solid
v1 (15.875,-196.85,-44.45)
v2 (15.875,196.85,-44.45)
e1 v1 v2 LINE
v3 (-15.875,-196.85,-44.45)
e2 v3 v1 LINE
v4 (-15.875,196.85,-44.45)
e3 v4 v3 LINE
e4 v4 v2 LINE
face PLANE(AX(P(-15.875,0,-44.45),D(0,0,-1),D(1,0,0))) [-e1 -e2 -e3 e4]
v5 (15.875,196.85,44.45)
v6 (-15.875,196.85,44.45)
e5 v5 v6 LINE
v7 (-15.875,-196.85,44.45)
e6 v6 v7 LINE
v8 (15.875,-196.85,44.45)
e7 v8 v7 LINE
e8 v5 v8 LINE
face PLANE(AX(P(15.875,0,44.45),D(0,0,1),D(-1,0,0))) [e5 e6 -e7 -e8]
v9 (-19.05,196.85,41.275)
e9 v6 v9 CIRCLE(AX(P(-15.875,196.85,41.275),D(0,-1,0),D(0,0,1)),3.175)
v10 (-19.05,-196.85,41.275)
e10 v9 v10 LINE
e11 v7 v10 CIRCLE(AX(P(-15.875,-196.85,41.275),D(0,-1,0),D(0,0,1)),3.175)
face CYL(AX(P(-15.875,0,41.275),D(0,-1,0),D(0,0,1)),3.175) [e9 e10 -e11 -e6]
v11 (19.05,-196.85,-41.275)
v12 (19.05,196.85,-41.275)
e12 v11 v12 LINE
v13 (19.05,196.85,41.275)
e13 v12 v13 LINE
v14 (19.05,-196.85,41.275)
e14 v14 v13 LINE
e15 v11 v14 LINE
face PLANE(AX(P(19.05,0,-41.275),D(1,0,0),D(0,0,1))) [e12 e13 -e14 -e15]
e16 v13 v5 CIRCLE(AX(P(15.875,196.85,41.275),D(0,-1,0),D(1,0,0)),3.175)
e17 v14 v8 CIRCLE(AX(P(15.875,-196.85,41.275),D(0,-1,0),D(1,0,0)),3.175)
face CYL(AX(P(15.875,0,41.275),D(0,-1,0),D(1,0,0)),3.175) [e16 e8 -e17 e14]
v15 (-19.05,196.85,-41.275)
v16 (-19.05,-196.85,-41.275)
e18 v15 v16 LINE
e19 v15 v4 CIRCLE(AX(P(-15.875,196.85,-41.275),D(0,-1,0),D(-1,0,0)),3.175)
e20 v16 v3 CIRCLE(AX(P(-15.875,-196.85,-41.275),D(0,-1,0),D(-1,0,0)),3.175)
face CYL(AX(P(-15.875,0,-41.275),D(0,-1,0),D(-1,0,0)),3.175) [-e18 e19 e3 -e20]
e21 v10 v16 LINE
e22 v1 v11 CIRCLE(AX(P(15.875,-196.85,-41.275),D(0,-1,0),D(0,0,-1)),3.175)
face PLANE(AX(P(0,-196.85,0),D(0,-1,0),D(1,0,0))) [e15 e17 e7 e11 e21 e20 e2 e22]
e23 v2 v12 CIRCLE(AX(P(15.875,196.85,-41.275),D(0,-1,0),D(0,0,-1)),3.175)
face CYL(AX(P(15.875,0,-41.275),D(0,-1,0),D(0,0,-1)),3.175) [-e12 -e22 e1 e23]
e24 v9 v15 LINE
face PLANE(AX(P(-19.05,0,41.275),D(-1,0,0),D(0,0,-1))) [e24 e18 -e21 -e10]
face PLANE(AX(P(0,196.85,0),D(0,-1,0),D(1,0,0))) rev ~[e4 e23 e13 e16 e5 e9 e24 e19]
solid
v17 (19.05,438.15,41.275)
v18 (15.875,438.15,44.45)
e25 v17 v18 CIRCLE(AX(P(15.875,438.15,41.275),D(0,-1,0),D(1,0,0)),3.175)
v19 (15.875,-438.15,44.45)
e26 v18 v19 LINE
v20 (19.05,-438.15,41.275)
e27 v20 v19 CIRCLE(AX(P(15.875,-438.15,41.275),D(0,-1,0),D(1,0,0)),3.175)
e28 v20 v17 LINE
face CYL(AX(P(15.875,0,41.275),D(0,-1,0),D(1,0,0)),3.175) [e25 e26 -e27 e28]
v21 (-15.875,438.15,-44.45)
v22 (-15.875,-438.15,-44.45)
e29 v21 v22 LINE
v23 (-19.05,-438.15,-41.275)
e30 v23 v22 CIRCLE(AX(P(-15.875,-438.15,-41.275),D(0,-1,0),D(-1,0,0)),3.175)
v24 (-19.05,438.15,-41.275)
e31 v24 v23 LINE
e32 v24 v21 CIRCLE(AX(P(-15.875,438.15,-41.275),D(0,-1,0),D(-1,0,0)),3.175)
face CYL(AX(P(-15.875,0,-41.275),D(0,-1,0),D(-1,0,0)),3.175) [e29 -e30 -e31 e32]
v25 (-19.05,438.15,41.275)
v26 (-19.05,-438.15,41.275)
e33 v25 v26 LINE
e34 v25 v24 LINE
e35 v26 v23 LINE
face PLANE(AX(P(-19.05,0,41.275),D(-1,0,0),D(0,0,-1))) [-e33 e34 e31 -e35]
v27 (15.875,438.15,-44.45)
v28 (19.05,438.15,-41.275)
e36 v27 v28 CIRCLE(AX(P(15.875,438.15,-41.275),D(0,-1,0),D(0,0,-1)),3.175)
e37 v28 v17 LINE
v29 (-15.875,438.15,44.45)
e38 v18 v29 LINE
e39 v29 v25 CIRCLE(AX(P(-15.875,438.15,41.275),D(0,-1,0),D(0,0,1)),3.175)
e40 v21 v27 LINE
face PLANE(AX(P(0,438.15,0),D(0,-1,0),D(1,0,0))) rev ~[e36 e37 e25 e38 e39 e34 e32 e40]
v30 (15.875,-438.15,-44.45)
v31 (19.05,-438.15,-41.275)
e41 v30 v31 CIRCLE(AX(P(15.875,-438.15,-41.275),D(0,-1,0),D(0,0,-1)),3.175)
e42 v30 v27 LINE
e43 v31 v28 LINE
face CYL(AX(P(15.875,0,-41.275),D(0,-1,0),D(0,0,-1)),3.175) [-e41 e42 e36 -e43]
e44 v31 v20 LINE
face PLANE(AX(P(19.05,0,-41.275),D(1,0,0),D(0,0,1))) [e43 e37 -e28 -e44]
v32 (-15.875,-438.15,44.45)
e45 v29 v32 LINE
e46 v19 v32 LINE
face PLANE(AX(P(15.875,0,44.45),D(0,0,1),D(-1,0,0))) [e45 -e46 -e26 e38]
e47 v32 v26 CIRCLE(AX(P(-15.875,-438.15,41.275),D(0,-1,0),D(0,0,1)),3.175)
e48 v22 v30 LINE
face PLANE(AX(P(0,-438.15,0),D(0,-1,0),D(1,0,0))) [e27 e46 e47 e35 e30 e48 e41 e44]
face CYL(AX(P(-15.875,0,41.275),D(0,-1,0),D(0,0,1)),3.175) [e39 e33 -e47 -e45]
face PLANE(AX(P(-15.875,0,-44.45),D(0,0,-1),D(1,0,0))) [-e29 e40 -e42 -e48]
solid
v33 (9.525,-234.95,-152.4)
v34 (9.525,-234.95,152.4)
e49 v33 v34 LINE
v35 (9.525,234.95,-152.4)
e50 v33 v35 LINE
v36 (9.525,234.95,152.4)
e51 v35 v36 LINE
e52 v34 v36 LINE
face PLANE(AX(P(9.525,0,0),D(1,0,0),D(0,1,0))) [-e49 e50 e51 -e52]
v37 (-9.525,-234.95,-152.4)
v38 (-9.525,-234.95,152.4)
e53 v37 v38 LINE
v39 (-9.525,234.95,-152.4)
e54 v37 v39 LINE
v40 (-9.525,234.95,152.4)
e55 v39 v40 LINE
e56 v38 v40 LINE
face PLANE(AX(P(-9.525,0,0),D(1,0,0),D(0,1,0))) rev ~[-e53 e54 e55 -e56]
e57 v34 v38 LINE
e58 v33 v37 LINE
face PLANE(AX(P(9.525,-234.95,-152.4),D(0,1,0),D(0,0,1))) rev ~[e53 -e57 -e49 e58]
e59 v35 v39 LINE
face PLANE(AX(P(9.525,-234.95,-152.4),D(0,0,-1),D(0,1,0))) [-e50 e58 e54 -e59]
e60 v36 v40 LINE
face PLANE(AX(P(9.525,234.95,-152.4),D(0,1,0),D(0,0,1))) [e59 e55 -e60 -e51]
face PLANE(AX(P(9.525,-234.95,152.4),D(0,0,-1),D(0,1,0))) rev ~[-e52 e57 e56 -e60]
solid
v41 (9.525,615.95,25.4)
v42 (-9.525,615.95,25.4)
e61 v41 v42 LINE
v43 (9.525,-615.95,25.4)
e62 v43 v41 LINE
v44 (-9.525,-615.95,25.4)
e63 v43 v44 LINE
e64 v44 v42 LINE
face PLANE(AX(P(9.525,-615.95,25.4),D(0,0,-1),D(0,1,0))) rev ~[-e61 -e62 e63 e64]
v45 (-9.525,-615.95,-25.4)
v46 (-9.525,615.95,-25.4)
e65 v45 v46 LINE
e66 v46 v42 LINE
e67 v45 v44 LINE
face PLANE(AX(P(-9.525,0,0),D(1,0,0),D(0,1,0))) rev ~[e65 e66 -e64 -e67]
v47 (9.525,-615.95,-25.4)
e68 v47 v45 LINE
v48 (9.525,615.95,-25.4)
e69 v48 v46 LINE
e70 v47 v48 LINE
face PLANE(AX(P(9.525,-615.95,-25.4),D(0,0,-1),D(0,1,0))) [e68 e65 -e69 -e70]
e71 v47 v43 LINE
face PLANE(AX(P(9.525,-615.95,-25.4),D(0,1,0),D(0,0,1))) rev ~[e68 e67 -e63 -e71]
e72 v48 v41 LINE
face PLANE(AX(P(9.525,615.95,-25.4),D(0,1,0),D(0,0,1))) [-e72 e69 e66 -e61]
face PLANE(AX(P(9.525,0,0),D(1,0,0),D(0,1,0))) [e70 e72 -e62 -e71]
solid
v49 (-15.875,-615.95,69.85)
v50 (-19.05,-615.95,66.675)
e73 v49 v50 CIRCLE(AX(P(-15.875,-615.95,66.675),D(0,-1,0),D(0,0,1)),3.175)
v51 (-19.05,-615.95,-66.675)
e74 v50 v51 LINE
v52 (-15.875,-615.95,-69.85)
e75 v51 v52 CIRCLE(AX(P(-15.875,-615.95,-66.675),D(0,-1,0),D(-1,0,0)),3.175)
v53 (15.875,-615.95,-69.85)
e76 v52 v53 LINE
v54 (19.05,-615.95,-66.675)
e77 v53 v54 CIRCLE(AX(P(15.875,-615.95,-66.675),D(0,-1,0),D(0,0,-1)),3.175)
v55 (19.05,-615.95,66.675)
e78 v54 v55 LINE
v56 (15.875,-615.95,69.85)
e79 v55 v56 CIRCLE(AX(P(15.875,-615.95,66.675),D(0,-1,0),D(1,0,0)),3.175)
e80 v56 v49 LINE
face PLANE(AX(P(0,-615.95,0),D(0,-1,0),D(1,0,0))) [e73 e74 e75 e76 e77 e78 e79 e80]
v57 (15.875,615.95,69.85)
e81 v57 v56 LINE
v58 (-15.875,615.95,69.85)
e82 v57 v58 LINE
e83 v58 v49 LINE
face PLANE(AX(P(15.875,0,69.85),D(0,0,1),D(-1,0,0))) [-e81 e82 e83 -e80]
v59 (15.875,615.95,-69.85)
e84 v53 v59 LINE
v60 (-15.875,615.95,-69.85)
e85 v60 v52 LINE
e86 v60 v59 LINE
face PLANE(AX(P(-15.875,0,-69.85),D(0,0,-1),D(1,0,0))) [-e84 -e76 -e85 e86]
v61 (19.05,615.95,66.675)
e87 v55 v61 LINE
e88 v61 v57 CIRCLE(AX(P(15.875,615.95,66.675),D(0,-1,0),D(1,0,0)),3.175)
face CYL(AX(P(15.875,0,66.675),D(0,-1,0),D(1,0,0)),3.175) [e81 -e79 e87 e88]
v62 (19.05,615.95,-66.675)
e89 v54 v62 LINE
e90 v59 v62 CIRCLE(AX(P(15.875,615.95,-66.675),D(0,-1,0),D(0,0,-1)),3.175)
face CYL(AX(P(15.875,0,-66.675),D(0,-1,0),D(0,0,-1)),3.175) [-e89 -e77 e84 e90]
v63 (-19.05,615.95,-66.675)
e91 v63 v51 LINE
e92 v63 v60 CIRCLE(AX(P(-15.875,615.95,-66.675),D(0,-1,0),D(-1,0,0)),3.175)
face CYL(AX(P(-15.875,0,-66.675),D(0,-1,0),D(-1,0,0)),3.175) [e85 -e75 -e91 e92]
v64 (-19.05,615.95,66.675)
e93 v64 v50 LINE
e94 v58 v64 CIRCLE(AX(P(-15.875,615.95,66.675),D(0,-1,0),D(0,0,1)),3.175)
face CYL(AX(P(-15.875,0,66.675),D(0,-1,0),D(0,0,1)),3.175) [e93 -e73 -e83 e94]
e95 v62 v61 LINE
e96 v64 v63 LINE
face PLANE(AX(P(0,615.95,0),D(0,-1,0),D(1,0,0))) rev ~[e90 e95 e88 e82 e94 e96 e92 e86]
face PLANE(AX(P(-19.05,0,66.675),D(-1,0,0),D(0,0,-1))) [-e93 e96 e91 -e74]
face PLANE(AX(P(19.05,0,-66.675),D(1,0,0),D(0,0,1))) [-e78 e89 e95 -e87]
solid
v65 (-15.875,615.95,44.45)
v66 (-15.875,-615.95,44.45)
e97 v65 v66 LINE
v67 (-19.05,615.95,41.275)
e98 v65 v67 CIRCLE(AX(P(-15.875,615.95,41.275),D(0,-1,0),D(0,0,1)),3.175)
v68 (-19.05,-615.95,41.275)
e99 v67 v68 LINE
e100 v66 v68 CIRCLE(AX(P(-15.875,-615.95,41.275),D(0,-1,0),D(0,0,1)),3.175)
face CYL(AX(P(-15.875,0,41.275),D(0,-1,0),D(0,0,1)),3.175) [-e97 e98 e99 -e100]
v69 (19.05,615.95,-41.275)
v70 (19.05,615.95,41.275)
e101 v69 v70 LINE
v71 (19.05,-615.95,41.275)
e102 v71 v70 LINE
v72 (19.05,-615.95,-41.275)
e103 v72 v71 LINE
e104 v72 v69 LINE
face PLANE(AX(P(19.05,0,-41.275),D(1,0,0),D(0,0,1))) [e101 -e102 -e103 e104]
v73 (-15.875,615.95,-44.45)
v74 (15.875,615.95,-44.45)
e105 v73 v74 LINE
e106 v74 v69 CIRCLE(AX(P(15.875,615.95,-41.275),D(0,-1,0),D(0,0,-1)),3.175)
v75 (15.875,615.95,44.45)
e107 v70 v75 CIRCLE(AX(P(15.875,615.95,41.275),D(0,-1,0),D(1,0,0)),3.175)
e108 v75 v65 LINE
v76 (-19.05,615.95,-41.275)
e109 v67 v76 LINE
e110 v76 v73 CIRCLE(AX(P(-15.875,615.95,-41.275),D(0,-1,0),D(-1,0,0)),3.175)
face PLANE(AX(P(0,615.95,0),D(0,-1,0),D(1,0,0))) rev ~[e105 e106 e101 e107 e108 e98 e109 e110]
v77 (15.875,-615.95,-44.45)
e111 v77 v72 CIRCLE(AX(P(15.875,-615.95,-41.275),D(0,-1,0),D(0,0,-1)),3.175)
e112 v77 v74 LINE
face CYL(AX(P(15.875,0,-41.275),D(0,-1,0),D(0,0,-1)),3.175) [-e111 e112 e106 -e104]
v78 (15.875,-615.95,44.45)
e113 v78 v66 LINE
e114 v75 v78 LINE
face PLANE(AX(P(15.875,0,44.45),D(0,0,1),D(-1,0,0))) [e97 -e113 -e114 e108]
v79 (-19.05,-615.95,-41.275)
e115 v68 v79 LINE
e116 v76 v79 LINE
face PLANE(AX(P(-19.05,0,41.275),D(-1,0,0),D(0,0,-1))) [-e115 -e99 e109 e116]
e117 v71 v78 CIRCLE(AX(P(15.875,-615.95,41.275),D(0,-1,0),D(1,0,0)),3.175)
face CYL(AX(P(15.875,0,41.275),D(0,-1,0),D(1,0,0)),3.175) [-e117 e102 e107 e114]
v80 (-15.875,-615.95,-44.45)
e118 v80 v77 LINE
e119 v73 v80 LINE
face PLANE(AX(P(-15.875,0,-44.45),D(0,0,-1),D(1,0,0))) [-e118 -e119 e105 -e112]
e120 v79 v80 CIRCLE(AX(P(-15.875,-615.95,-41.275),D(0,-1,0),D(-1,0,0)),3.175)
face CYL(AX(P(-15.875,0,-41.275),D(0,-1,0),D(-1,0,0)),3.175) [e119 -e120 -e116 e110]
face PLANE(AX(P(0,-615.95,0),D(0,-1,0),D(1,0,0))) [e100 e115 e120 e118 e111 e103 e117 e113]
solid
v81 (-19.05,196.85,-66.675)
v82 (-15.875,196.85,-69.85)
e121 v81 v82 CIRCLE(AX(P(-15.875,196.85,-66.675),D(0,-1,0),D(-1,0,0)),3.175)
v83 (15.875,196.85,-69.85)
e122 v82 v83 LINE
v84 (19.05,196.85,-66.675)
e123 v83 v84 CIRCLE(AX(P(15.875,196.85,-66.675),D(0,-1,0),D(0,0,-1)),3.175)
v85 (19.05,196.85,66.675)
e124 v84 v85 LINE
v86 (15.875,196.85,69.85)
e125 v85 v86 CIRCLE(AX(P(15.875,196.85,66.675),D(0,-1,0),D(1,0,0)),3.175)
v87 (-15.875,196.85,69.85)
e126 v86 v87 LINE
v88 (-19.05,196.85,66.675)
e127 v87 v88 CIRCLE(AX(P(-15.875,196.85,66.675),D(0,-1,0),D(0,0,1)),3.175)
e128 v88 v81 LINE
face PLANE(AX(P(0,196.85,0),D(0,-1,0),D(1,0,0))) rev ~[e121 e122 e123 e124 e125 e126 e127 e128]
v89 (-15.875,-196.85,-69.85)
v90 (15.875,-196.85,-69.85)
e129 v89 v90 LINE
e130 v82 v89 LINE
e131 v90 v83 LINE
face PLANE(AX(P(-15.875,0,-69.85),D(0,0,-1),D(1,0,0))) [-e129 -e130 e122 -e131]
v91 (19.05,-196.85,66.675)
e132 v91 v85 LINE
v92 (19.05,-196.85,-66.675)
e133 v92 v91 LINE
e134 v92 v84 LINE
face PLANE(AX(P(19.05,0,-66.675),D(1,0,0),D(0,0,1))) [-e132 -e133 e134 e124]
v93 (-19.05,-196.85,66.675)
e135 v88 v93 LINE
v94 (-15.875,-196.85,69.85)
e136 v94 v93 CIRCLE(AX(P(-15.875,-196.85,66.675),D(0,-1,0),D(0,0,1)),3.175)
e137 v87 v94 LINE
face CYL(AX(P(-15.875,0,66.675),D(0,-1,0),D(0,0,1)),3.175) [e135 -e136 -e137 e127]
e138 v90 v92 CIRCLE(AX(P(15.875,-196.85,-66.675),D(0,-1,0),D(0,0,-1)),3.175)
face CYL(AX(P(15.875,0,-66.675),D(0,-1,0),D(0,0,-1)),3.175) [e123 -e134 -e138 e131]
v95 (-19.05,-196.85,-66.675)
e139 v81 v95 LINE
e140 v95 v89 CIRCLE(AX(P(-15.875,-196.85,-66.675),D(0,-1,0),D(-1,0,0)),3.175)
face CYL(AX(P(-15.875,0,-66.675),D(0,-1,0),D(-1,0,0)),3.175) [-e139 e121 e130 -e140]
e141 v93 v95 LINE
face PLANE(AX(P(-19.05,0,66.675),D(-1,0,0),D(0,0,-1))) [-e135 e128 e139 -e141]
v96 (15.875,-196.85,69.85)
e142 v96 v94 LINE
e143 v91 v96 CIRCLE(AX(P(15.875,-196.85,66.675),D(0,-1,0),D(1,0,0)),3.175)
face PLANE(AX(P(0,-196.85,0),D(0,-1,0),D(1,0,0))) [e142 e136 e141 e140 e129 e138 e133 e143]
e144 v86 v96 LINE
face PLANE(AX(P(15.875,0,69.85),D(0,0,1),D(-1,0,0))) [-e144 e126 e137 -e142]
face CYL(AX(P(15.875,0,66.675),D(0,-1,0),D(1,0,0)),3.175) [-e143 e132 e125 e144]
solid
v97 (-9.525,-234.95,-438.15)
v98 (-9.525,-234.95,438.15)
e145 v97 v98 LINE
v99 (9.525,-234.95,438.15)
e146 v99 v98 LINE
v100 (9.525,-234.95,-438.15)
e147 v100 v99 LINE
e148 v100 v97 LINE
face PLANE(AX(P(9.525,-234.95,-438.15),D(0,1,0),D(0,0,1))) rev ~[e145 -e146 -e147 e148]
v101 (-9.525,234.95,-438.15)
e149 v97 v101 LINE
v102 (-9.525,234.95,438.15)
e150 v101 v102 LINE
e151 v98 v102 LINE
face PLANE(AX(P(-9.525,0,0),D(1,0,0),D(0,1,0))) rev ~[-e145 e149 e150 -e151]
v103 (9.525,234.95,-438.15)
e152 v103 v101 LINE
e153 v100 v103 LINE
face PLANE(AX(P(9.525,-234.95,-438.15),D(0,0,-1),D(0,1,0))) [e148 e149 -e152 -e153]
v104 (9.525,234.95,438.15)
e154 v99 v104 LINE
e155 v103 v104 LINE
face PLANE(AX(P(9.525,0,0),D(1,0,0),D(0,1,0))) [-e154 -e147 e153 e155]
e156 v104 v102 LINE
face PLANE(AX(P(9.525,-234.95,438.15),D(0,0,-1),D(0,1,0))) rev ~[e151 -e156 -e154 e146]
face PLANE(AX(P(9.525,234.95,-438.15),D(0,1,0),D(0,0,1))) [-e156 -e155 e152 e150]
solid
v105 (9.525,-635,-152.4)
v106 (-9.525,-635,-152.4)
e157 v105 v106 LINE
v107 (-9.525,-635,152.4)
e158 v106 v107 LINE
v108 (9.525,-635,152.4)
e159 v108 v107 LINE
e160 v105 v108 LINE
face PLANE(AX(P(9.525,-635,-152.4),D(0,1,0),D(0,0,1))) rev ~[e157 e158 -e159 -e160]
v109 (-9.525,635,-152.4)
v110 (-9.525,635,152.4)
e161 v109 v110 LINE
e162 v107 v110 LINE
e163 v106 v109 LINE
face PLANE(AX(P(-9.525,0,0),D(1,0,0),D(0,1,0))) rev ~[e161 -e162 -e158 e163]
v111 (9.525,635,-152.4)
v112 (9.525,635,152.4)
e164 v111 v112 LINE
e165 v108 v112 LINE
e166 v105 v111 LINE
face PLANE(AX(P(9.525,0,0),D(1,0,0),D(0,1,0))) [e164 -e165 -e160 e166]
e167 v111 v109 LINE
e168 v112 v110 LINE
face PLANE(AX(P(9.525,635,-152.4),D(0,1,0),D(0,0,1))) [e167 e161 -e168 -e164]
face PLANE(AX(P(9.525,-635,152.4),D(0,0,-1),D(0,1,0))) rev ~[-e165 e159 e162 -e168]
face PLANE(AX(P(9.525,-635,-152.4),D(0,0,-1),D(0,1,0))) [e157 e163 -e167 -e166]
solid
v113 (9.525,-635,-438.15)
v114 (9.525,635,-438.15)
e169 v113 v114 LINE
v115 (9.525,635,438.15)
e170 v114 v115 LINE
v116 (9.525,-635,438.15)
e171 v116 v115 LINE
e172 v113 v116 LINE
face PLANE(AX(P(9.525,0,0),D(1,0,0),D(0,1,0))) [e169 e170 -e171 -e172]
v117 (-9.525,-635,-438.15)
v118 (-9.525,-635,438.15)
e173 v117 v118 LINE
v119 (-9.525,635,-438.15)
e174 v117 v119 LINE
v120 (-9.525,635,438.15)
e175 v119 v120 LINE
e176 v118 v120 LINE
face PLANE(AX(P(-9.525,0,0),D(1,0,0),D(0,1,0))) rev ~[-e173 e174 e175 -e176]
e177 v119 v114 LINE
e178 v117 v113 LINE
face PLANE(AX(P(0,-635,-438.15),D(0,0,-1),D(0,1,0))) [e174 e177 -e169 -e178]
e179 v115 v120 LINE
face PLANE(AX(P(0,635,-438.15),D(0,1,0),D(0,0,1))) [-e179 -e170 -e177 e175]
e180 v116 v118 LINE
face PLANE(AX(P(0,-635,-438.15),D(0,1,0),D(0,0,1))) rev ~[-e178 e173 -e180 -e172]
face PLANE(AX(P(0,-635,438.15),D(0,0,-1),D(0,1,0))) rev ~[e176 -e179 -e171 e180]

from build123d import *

# Parameters (mm, degrees)
F1_DEPTH      = 196.85
F2_DEPTH      = 615.95
F4_DEPTH      = 196.85
F4_DEPTH_BACK = 196.85
F5_DEPTH      = 615.95
F5_DEPTH_BACK = 615.95
F7_DEPTH      = 438.15
F8_W          = 1270
F8_H          = 876.3
F9_DEPTH      = 9.525
F10_W         = 469.9
F10_H         = 876.3
F11_DEPTH     = 19.05
F12_W         = 1270
F12_H         = 304.8
F13_DEPTH     = 19.05
F14_W         = 469.9
F14_H         = 304.8
F15_DEPTH     = 19.05
F16_W         = 1231.9
F16_H         = 50.8
F17_DEPTH     = 19.05


with BuildPart() as f1:
    # F0 (on Front) → F1 (new body, symmetric)
    with BuildSketch(Plane.XZ):
        with BuildLine():
            ThreePointArc((19.05, 66.675), (18.1200640303, 68.9200640303), (15.875, 69.85))
            Line((15.875, 69.85), (-15.875, 69.85))
            ThreePointArc((-15.875, 69.85), (-18.1200640303, 68.9200640303), (-19.05, 66.675))
            Line((-19.05, 66.675), (-19.05, -66.675))
            ThreePointArc((-19.05, -66.675), (-18.1200640303, -68.9200640303), (-15.875, -69.85))
            Line((-15.875, -69.85), (15.875, -69.85))
            ThreePointArc((15.875, -69.85), (18.1200640303, -68.9200640303), (19.05, -66.675))
            Line((19.05, -66.675), (19.05, 66.675))
        make_face()
    extrude(amount=F1_DEPTH, both=True)


with BuildPart() as f2:
    # F0 (on Front) → F2 (new body, symmetric)
    with BuildSketch(Plane.XZ):
        with BuildLine():
            ThreePointArc((19.05, 66.675), (18.1200640303, 68.9200640303), (15.875, 69.85))
            Line((15.875, 69.85), (-15.875, 69.85))
            ThreePointArc((-15.875, 69.85), (-18.1200640303, 68.9200640303), (-19.05, 66.675))
            Line((-19.05, 66.675), (-19.05, -66.675))
            ThreePointArc((-19.05, -66.675), (-18.1200640303, -68.9200640303), (-15.875, -69.85))
            Line((-15.875, -69.85), (15.875, -69.85))
            ThreePointArc((15.875, -69.85), (18.1200640303, -68.9200640303), (19.05, -66.675))
            Line((19.05, -66.675), (19.05, 66.675))
        make_face()
    extrude(amount=F2_DEPTH, both=True)


with BuildPart() as f4:
    # F3 (on Front) → F4 (new body, two sides)
    with BuildSketch(Plane.XZ) as f4_sk:
        with BuildLine():
            ThreePointArc((19.05, 41.275), (18.1200640303, 43.5200640303), (15.875, 44.45))
            Line((15.875, 44.45), (-15.875, 44.45))
            ThreePointArc((-15.875, 44.45), (-18.1200640303, 43.5200640303), (-19.05, 41.275))
            Line((-19.05, 41.275), (-19.05, -41.275))
            ThreePointArc((-19.05, -41.275), (-18.1200640303, -43.5200640303), (-15.875, -44.45))
            Line((-15.875, -44.45), (15.875, -44.45))
            ThreePointArc((15.875, -44.45), (18.1200640303, -43.5200640303), (19.05, -41.275))
            Line((19.05, -41.275), (19.05, 41.275))
        make_face()
    extrude(amount=F4_DEPTH)
    extrude(f4_sk.sketch, amount=-F4_DEPTH_BACK)


with BuildPart() as f5:
    # F3 (on Front) → F5 (new body, two sides)
    with BuildSketch(Plane.XZ) as f5_sk:
        with BuildLine():
            ThreePointArc((19.05, 41.275), (18.1200640303, 43.5200640303), (15.875, 44.45))
            Line((15.875, 44.45), (-15.875, 44.45))
            ThreePointArc((-15.875, 44.45), (-18.1200640303, 43.5200640303), (-19.05, 41.275))
            Line((-19.05, 41.275), (-19.05, -41.275))
            ThreePointArc((-19.05, -41.275), (-18.1200640303, -43.5200640303), (-15.875, -44.45))
            Line((-15.875, -44.45), (15.875, -44.45))
            ThreePointArc((15.875, -44.45), (18.1200640303, -43.5200640303), (19.05, -41.275))
            Line((19.05, -41.275), (19.05, 41.275))
        make_face()
    extrude(amount=F5_DEPTH)
    extrude(f5_sk.sketch, amount=-F5_DEPTH_BACK)


with BuildPart() as f7:
    # F3 (on Front) → F7 (new body, symmetric)
    with BuildSketch(Plane.XZ):
        with BuildLine():
            ThreePointArc((19.05, 41.275), (18.1200640303, 43.5200640303), (15.875, 44.45))
            Line((15.875, 44.45), (-15.875, 44.45))
            ThreePointArc((-15.875, 44.45), (-18.1200640303, 43.5200640303), (-19.05, 41.275))
            Line((-19.05, 41.275), (-19.05, -41.275))
            ThreePointArc((-19.05, -41.275), (-18.1200640303, -43.5200640303), (-15.875, -44.45))
            Line((-15.875, -44.45), (15.875, -44.45))
            ThreePointArc((15.875, -44.45), (18.1200640303, -43.5200640303), (19.05, -41.275))
            Line((19.05, -41.275), (19.05, 41.275))
        make_face()
    extrude(amount=F7_DEPTH, both=True)


with BuildPart() as f9:
    # F8 (on Right) → F9 (new body, symmetric)
    with BuildSketch(Plane.YZ):
        Rectangle(F8_W, F8_H)
    extrude(amount=F9_DEPTH, both=True)


with BuildPart() as f11:
    # F10 (on face) → F11 (new body)
    with BuildSketch(Plane.YZ.offset(9.525)):
        Rectangle(F10_W, F10_H)
    extrude(amount=-F11_DEPTH)


with BuildPart() as f13:
    # F12 (on face) → F13 (new body)
    with BuildSketch(Plane.YZ.offset(9.525)):
        Rectangle(F12_W, F12_H)
    extrude(amount=-F13_DEPTH)


with BuildPart() as f15:
    # F14 (on face) → F15 (new body)
    with BuildSketch(Plane.YZ.offset(9.525)):
        Rectangle(F14_W, F14_H)
    extrude(amount=-F15_DEPTH)


with BuildPart() as f17:
    # F16 (on face) → F17 (new body)
    with BuildSketch(Plane.YZ.offset(9.525)):
        Rectangle(F16_W, F16_H)
    extrude(amount=-F17_DEPTH)


solid = Compound([f1.part, f2.part, f4.part, f5.part, f7.part, f9.part, f11.part, f13.part, f15.part, f17.part])
